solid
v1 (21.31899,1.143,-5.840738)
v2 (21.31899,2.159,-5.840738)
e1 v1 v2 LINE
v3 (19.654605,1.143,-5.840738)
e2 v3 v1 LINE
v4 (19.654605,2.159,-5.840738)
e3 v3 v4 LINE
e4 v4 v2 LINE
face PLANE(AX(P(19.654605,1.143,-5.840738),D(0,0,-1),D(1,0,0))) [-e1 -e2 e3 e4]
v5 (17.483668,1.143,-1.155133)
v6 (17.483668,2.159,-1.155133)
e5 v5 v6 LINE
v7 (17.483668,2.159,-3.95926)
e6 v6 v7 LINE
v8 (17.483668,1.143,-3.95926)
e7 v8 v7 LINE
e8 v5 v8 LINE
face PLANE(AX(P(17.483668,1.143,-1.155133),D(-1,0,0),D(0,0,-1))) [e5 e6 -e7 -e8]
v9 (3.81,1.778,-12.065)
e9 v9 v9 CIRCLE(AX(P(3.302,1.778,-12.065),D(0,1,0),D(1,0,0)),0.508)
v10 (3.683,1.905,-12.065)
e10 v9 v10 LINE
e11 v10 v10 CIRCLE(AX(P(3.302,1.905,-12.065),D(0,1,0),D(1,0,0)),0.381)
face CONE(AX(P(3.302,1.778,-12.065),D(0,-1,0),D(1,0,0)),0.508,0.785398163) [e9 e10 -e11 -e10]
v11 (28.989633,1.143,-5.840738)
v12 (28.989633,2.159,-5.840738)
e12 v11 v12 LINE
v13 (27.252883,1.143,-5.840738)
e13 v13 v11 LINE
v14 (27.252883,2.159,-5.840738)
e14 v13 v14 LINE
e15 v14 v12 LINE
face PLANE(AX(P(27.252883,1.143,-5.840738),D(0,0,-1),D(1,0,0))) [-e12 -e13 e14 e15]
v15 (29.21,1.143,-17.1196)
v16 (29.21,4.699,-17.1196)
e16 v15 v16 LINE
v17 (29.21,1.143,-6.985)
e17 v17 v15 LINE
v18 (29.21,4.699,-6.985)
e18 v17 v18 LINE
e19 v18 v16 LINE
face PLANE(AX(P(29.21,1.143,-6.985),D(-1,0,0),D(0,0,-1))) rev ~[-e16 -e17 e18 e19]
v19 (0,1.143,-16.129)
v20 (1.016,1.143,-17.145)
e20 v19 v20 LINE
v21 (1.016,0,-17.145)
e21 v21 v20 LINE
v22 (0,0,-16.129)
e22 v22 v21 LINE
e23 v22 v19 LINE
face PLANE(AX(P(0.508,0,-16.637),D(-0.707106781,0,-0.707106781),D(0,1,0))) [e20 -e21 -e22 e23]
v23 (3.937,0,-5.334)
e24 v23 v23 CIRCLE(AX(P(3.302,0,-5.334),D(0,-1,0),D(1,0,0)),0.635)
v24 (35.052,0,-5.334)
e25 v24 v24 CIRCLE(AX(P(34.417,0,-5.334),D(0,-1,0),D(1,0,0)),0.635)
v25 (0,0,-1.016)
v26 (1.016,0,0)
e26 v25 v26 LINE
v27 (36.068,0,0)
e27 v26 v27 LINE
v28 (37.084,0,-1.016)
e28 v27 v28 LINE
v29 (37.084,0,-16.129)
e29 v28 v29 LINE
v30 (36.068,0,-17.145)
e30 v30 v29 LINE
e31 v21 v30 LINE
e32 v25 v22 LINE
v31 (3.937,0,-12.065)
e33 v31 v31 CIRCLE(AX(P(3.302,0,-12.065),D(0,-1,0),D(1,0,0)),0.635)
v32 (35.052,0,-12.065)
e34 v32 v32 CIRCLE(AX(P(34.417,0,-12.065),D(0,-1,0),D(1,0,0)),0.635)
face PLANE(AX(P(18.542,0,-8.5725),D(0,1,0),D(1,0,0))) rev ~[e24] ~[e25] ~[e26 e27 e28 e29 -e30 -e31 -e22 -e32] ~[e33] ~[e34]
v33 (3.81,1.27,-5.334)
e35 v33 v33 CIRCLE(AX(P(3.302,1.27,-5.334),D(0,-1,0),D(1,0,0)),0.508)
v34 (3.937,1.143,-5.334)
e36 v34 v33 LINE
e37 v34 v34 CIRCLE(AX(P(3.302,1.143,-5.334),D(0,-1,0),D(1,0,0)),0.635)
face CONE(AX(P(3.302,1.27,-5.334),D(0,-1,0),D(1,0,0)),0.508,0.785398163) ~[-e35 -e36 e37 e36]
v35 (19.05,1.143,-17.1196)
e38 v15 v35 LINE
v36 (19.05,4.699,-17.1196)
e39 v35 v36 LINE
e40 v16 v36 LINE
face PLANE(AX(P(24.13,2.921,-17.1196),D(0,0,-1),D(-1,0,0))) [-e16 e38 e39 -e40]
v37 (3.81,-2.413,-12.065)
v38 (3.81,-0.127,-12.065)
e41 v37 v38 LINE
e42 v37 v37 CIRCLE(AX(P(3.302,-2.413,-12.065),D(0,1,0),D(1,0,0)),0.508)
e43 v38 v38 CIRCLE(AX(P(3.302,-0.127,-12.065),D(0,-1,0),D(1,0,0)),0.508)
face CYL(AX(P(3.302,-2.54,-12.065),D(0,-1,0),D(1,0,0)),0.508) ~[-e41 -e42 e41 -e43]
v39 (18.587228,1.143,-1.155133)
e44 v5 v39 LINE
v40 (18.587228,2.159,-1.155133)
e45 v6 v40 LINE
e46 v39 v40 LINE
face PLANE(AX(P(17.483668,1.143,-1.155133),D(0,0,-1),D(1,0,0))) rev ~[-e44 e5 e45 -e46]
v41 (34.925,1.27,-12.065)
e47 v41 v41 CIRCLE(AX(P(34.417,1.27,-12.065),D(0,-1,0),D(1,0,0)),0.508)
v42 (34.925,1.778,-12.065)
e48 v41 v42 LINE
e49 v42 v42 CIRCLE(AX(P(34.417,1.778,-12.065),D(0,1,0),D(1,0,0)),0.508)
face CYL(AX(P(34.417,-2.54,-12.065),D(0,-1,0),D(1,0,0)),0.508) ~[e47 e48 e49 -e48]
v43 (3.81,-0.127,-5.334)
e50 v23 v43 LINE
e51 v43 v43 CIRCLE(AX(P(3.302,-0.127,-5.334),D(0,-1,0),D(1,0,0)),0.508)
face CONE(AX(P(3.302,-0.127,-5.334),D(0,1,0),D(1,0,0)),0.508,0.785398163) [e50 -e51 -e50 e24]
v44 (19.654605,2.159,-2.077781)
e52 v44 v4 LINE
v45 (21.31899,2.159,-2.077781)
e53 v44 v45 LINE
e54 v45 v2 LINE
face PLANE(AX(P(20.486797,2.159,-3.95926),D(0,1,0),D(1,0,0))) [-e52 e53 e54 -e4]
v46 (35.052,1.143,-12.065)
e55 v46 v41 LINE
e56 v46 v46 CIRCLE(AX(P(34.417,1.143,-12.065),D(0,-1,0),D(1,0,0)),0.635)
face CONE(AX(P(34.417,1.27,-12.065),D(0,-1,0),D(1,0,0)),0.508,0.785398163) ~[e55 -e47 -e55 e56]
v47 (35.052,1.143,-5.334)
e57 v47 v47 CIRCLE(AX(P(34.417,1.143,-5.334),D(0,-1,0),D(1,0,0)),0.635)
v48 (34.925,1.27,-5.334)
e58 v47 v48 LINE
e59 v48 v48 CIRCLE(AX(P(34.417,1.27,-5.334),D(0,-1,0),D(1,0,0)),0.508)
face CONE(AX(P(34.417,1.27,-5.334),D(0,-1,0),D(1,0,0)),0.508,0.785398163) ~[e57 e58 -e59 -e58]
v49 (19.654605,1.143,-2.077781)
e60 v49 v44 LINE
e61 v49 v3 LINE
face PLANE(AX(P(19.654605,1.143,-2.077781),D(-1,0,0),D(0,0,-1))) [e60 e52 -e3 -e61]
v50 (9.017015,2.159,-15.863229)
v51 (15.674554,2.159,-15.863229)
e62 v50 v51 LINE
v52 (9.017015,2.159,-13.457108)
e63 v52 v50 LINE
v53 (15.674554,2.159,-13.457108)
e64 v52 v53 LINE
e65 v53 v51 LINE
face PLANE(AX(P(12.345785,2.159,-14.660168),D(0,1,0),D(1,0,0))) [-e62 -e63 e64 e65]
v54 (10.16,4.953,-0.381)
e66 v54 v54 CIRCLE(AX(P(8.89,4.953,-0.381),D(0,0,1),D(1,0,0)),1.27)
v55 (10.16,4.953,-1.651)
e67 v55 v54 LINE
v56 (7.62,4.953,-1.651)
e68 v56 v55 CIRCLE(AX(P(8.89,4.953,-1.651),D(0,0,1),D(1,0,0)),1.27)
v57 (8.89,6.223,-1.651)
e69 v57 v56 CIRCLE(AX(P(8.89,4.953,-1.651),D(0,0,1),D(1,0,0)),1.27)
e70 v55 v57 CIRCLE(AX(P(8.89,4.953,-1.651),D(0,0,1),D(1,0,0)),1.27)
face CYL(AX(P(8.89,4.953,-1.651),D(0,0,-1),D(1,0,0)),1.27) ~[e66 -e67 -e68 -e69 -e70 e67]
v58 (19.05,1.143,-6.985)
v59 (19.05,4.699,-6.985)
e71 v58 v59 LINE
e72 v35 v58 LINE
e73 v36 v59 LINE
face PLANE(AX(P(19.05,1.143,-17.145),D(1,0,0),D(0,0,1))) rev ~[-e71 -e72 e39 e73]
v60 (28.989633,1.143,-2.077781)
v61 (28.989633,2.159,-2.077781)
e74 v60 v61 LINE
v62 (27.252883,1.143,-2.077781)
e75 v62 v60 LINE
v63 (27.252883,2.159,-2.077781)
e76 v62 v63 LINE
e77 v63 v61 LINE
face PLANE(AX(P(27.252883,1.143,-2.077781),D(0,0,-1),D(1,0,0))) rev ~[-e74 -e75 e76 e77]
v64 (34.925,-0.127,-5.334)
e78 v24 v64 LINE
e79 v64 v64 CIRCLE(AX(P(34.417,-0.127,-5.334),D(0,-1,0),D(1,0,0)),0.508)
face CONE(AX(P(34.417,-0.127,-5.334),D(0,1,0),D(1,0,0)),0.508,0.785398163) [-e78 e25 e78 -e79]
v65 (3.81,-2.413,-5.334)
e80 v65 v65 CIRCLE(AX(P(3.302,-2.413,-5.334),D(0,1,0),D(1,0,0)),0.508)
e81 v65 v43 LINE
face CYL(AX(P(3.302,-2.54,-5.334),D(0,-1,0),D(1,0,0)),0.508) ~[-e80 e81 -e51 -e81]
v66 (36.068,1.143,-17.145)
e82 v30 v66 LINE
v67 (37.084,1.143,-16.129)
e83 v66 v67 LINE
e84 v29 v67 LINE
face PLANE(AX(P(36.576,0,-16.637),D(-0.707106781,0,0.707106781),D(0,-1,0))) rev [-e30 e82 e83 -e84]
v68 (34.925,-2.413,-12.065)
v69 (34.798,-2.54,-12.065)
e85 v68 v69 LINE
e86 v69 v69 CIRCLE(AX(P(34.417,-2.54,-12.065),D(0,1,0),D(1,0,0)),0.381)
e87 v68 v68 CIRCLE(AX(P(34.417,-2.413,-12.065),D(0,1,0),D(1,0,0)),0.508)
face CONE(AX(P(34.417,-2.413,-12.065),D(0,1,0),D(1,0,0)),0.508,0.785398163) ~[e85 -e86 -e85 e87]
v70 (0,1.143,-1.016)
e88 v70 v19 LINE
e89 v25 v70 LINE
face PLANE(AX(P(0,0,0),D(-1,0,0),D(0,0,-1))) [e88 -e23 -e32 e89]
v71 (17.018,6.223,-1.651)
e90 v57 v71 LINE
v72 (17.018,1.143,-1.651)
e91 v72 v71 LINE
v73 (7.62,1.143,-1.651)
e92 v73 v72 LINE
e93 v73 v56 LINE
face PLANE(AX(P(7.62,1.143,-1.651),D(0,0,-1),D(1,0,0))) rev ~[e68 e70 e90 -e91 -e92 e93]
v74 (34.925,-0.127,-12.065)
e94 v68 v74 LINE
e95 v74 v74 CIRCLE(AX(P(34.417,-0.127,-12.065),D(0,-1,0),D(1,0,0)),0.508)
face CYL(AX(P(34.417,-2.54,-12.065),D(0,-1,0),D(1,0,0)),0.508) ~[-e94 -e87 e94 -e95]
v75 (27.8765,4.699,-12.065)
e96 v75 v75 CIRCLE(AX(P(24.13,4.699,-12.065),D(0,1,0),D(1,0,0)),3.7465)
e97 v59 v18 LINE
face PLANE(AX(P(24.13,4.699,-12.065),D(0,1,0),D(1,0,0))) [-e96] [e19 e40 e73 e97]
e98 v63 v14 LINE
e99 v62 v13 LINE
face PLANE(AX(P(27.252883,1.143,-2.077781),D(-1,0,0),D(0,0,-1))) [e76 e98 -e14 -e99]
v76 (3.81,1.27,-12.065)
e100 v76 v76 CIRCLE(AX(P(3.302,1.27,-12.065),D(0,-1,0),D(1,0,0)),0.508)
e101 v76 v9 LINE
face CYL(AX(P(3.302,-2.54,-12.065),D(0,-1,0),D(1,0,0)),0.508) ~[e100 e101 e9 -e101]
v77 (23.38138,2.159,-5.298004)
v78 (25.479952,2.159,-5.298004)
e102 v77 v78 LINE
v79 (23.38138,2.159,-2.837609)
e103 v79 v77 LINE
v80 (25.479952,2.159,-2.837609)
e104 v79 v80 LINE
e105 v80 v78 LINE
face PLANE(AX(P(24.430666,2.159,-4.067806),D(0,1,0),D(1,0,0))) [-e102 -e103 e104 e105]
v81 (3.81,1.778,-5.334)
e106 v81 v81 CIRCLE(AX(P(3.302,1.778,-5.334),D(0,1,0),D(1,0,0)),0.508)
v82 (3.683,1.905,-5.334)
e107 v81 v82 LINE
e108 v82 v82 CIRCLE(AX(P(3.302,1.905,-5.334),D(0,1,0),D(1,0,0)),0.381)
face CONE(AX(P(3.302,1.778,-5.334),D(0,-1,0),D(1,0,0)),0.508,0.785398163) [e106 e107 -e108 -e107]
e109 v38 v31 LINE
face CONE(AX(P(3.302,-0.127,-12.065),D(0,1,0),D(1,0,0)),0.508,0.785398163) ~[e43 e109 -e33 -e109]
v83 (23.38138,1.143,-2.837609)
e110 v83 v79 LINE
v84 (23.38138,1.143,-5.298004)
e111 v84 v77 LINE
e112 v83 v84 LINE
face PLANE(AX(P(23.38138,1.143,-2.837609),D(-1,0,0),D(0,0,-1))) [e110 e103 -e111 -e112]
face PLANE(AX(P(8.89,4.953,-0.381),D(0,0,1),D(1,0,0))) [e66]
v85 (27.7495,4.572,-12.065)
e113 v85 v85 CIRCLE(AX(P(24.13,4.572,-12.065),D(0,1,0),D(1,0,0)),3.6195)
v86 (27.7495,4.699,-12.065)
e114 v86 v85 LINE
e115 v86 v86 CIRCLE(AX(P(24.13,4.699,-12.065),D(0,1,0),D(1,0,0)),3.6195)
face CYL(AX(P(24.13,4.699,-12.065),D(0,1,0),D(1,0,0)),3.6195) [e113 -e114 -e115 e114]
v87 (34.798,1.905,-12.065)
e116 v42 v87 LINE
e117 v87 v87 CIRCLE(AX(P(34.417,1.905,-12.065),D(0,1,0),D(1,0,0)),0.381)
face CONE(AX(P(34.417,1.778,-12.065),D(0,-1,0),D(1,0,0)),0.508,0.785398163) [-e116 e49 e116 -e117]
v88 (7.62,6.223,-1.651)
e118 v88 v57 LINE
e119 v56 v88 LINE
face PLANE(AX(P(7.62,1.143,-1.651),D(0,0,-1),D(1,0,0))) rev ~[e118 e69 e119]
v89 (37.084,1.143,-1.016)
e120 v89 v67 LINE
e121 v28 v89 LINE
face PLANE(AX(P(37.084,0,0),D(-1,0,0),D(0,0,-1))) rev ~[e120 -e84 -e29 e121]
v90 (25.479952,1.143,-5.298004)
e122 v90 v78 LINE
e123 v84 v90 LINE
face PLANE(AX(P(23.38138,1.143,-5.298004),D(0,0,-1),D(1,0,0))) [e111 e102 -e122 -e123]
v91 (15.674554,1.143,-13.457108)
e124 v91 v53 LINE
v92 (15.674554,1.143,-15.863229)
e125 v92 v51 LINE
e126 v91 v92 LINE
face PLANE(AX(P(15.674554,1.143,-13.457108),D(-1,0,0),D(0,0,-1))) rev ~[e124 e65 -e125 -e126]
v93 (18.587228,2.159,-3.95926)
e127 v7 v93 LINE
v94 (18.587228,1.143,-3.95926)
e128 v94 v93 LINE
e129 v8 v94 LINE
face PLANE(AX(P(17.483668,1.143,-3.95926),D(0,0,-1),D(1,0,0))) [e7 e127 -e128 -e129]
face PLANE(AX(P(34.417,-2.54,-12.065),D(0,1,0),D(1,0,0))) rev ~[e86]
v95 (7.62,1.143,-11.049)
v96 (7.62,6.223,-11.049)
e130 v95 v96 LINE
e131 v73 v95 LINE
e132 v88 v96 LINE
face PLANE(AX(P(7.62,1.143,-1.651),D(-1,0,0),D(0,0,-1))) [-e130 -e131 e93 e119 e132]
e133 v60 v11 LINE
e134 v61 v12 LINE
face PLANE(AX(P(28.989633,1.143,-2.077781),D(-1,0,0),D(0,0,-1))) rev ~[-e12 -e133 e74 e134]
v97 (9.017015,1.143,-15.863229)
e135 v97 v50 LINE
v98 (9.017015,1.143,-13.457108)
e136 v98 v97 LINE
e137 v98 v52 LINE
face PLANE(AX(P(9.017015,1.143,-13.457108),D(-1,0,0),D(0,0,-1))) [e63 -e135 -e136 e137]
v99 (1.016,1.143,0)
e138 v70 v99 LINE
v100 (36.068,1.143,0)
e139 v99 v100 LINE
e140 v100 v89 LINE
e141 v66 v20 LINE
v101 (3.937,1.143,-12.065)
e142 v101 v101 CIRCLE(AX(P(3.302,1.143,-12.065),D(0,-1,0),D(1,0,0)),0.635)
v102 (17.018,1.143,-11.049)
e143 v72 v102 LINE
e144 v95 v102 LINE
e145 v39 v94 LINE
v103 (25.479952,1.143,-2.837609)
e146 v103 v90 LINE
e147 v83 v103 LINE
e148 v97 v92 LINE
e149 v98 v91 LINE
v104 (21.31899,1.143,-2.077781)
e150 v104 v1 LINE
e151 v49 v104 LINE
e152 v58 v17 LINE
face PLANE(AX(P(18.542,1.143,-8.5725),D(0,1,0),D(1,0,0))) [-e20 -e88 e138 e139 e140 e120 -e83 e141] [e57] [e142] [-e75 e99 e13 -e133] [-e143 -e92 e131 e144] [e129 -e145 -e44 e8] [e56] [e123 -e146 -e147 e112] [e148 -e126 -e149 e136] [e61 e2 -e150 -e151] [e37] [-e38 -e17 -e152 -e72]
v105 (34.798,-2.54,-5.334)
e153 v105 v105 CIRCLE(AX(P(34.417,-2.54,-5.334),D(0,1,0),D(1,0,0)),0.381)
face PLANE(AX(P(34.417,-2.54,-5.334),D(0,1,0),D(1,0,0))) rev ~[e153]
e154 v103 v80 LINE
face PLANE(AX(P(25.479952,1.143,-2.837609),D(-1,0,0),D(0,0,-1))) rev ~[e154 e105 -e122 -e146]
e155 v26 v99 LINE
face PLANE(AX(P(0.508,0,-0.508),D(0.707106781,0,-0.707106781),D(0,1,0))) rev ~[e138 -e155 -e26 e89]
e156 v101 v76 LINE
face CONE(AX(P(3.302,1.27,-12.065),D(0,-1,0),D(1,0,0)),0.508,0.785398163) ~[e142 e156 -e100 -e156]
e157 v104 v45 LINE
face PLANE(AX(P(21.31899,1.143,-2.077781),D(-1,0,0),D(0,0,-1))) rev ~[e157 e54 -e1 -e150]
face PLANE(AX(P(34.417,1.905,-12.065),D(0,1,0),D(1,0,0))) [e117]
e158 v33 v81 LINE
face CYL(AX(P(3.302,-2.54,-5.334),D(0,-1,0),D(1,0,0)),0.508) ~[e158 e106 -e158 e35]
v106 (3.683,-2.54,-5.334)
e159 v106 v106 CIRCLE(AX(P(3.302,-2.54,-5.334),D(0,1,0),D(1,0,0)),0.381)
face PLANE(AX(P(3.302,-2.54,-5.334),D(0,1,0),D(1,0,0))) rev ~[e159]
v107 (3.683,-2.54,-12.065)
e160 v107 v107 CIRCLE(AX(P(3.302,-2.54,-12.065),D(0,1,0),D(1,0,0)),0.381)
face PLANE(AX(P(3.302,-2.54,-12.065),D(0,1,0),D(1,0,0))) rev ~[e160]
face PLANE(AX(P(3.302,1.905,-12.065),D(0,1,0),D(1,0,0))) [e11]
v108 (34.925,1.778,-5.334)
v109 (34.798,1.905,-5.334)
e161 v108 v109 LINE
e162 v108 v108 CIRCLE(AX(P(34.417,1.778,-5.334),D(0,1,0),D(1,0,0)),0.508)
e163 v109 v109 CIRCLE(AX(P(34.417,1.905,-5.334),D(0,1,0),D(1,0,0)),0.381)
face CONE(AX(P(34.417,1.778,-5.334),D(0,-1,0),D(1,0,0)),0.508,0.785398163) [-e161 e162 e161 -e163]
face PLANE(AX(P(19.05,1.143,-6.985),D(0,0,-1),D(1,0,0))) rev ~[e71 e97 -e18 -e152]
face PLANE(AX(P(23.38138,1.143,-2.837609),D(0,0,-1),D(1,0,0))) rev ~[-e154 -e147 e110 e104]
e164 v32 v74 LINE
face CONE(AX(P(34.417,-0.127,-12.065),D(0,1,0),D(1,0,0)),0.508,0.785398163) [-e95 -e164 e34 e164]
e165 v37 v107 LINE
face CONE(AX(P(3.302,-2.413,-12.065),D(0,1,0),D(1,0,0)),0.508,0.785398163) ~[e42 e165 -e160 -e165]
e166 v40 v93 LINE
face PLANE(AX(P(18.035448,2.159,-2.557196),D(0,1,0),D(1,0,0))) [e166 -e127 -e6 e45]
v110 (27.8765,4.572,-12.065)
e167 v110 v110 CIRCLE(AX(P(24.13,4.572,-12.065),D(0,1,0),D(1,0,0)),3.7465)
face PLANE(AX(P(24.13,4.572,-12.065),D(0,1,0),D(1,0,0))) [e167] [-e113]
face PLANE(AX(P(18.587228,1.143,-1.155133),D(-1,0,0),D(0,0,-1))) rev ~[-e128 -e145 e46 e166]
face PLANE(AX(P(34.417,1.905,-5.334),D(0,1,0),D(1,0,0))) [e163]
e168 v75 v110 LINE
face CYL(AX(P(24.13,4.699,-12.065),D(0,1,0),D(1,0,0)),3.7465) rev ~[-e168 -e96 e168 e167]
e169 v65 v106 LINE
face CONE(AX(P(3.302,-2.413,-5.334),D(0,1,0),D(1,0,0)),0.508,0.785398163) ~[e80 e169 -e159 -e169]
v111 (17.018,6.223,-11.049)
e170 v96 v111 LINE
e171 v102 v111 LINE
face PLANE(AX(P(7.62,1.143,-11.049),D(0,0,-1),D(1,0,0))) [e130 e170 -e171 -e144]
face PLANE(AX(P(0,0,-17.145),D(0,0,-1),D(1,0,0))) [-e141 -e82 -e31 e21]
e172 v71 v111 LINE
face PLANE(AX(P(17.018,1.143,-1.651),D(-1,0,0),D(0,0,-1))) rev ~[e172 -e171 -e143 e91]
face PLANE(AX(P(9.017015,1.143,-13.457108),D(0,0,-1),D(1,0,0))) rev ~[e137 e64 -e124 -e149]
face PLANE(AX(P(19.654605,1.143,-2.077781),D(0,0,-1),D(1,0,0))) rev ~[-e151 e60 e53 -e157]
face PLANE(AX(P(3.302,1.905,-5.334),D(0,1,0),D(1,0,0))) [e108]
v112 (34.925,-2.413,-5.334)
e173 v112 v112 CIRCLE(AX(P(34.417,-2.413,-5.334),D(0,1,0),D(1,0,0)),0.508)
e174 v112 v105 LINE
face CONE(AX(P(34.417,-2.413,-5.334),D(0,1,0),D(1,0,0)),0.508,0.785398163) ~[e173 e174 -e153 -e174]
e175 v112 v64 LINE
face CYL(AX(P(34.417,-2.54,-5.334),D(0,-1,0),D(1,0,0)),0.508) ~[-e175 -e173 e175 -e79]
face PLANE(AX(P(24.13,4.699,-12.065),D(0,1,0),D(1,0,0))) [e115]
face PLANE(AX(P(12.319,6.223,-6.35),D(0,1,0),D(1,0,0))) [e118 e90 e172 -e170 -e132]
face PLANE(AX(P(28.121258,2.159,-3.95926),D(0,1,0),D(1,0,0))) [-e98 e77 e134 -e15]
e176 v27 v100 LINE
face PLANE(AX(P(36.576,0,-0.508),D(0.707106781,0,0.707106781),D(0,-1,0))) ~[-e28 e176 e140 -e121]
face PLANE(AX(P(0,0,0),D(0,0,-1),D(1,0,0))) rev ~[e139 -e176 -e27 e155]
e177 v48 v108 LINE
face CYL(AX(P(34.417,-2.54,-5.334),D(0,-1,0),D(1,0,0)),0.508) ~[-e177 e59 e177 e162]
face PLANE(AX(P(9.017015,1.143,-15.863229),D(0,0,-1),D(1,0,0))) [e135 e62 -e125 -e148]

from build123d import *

# Parameters (mm, degrees)
SKETCH1_W                = 37.084
SKETCH1_H                = 17.145
BOSS_EXTRUDE1_DEPTH      = 1.143
BOSS_EXTRUDE2_DEPTH      = 0.762
BOSS_EXTRUDE2_DEPTH_BACK = 3.683
SKETCH2_R                = 0.508
CHAMFER1_SIZE            = 0.127
SKETCH3_W                = 9.398
SKETCH3_H                = 9.398
BOSS_EXTRUDE3_DEPTH      = 5.08
BOSS_EXTRUDE4_DEPTH      = 3.556
SKETCH4_R                = 1.27
BOSS_EXTRUDE5_DEPTH      = 1.27
SKETCH5_R                = 3.7465
SKETCH5_R_2              = 3.6195
CUT_EXTRUDE1_DEPTH       = 0.127
SKETCH6_W                = 6.657539154
SKETCH6_H                = 2.406121488
SKETCH6_W_2              = 1.664384789
SKETCH6_H_2              = 3.762956913
SKETCH6_W_3              = 1.736749344
SKETCH6_W_4              = 2.098572125
SKETCH6_H_3              = 2.460394905
SKETCH6_W_5              = 1.10355948
SKETCH6_H_4              = 2.804126546
BOSS_EXTRUDE6_DEPTH      = 1.016
CHAMFER2_SIZE            = 1.016
SKETCH7_W                = 10.16
SKETCH7_H                = 3.556
CUT_EXTRUDE2_DEPTH       = 0.0254


with BuildPart() as part:
    # Sketch1 → Boss-Extrude1 (new body)
    with BuildSketch(Plane(origin=(0, 0, 0), x_dir=(1, 0, 0), z_dir=(0, 1, 0))):
        with Locations((18.542, 8.5725)):
            Rectangle(SKETCH1_W, SKETCH1_H)
    extrude(amount=BOSS_EXTRUDE1_DEPTH)

    # Sketch2 → Boss-Extrude2 (add, two sides: drawn at the far end of the back side and taken through both)
    with BuildSketch(Plane(origin=(0, 1.143, 0), x_dir=(1, 0, 0), z_dir=(0, 1, 0)).offset(-BOSS_EXTRUDE2_DEPTH_BACK)):
        with Locations((3.302, 12.065)):
            Circle(SKETCH2_R)
        with Locations((3.302, 5.334)):
            Circle(SKETCH2_R)
        with Locations((34.417, 12.065)):
            Circle(SKETCH2_R)
        with Locations((34.417, 5.334)):
            Circle(SKETCH2_R)
    extrude(amount=BOSS_EXTRUDE2_DEPTH + BOSS_EXTRUDE2_DEPTH_BACK)

    # Chamfer1
    chamfer1_edges = [part.edges().sort_by_distance(p)[0] for p in [
        (33.909, -2.54, -5.334),
        (33.909, 0, -5.334),
        (33.909, -2.54, -12.065),
        (33.909, 0, -12.065),
        (2.794, -2.54, -12.065),
        (2.794, 0, -12.065),
        (2.794, -2.54, -5.334),
        (2.794, 0, -5.334),
        (33.909, 1.143, -5.334),
        (33.909, 1.905, -5.334),
        (33.909, 1.143, -12.065),
        (33.909, 1.905, -12.065),
        (2.794, 1.143, -5.334),
        (2.794, 1.905, -5.334),
        (2.794, 1.143, -12.065),
        (2.794, 1.905, -12.065),
    ]]
    chamfer(chamfer1_edges, length=CHAMFER1_SIZE)

    # Sketch3 → Boss-Extrude3 (add)
    with BuildSketch(Plane(origin=(0, 1.143, 0), x_dir=(1, 0, 0), z_dir=(0, 1, 0))):
        with Locations((12.319, 6.35)):
            Rectangle(SKETCH3_W, SKETCH3_H)
    extrude(amount=BOSS_EXTRUDE3_DEPTH)

    # Sketch3<3> → Boss-Extrude4 (add)
    with BuildSketch(Plane(origin=(0, 1.143, 0), x_dir=(1, 0, 0), z_dir=(0, 1, 0))):
        Polygon((19.05, 17.145), (19.05, 11.049), (19.05, 6.985), (29.21, 6.985), (29.21, 17.145), align=None)
    extrude(amount=BOSS_EXTRUDE4_DEPTH)

    # Sketch4 → Boss-Extrude5 (add)
    with BuildSketch(Plane.XY.offset(-1.651)):
        with Locations((8.89, 4.953)):
            Circle(SKETCH4_R)
    extrude(amount=BOSS_EXTRUDE5_DEPTH)

    # Sketch5 → Cut-Extrude1 (cut)
    with BuildSketch(Plane(origin=(0, 4.699, 0), x_dir=(1, 0, 0), z_dir=(0, 1, 0))):
        with Locations((24.13, 12.065)):
            Circle(SKETCH5_R)
        with Locations((24.13, 12.065)):
            Circle(SKETCH5_R_2, mode=Mode.SUBTRACT)
    extrude(amount=-CUT_EXTRUDE1_DEPTH, mode=Mode.SUBTRACT)

    # Sketch6 → Boss-Extrude6 (add)
    with BuildSketch(Plane(origin=(0, 1.143, 0), x_dir=(1, 0, 0), z_dir=(0, 1, 0))):
        with Locations((12.34578489, 14.660168276)):
            Rectangle(SKETCH6_W, SKETCH6_H)
        with Locations((20.486797444, 3.959259553)):
            Rectangle(SKETCH6_W_2, SKETCH6_H_2)
        with Locations((28.121258104, 3.959259553)):
            Rectangle(SKETCH6_W_3, SKETCH6_H_2)
        with Locations((24.430665747, 4.067806388)):
            Rectangle(SKETCH6_W_4, SKETCH6_H_3)
        with Locations((18.035448108, 2.55719628)):
            Rectangle(SKETCH6_W_5, SKETCH6_H_4)
    extrude(amount=BOSS_EXTRUDE6_DEPTH)

    # Chamfer2
    chamfer2_edges = [part.edges().sort_by_distance(p)[0] for p in [
        (37.084, 0.5715, 0),
        (37.084, 0.5715, -17.145),
        (0, 0.5715, -17.145),
        (0, 0.5715, 0),
    ]]
    chamfer(chamfer2_edges, length=CHAMFER2_SIZE)

    # Sketch7 → Cut-Extrude2 (cut)
    with BuildSketch(Plane(origin=(0, 0, -17.145), x_dir=(-1, 0, 0), z_dir=(0, 0, -1))):
        with Locations((-24.13, 2.921)):
            Rectangle(SKETCH7_W, SKETCH7_H)
    extrude(amount=-CUT_EXTRUDE2_DEPTH, mode=Mode.SUBTRACT)


solid = part.part
